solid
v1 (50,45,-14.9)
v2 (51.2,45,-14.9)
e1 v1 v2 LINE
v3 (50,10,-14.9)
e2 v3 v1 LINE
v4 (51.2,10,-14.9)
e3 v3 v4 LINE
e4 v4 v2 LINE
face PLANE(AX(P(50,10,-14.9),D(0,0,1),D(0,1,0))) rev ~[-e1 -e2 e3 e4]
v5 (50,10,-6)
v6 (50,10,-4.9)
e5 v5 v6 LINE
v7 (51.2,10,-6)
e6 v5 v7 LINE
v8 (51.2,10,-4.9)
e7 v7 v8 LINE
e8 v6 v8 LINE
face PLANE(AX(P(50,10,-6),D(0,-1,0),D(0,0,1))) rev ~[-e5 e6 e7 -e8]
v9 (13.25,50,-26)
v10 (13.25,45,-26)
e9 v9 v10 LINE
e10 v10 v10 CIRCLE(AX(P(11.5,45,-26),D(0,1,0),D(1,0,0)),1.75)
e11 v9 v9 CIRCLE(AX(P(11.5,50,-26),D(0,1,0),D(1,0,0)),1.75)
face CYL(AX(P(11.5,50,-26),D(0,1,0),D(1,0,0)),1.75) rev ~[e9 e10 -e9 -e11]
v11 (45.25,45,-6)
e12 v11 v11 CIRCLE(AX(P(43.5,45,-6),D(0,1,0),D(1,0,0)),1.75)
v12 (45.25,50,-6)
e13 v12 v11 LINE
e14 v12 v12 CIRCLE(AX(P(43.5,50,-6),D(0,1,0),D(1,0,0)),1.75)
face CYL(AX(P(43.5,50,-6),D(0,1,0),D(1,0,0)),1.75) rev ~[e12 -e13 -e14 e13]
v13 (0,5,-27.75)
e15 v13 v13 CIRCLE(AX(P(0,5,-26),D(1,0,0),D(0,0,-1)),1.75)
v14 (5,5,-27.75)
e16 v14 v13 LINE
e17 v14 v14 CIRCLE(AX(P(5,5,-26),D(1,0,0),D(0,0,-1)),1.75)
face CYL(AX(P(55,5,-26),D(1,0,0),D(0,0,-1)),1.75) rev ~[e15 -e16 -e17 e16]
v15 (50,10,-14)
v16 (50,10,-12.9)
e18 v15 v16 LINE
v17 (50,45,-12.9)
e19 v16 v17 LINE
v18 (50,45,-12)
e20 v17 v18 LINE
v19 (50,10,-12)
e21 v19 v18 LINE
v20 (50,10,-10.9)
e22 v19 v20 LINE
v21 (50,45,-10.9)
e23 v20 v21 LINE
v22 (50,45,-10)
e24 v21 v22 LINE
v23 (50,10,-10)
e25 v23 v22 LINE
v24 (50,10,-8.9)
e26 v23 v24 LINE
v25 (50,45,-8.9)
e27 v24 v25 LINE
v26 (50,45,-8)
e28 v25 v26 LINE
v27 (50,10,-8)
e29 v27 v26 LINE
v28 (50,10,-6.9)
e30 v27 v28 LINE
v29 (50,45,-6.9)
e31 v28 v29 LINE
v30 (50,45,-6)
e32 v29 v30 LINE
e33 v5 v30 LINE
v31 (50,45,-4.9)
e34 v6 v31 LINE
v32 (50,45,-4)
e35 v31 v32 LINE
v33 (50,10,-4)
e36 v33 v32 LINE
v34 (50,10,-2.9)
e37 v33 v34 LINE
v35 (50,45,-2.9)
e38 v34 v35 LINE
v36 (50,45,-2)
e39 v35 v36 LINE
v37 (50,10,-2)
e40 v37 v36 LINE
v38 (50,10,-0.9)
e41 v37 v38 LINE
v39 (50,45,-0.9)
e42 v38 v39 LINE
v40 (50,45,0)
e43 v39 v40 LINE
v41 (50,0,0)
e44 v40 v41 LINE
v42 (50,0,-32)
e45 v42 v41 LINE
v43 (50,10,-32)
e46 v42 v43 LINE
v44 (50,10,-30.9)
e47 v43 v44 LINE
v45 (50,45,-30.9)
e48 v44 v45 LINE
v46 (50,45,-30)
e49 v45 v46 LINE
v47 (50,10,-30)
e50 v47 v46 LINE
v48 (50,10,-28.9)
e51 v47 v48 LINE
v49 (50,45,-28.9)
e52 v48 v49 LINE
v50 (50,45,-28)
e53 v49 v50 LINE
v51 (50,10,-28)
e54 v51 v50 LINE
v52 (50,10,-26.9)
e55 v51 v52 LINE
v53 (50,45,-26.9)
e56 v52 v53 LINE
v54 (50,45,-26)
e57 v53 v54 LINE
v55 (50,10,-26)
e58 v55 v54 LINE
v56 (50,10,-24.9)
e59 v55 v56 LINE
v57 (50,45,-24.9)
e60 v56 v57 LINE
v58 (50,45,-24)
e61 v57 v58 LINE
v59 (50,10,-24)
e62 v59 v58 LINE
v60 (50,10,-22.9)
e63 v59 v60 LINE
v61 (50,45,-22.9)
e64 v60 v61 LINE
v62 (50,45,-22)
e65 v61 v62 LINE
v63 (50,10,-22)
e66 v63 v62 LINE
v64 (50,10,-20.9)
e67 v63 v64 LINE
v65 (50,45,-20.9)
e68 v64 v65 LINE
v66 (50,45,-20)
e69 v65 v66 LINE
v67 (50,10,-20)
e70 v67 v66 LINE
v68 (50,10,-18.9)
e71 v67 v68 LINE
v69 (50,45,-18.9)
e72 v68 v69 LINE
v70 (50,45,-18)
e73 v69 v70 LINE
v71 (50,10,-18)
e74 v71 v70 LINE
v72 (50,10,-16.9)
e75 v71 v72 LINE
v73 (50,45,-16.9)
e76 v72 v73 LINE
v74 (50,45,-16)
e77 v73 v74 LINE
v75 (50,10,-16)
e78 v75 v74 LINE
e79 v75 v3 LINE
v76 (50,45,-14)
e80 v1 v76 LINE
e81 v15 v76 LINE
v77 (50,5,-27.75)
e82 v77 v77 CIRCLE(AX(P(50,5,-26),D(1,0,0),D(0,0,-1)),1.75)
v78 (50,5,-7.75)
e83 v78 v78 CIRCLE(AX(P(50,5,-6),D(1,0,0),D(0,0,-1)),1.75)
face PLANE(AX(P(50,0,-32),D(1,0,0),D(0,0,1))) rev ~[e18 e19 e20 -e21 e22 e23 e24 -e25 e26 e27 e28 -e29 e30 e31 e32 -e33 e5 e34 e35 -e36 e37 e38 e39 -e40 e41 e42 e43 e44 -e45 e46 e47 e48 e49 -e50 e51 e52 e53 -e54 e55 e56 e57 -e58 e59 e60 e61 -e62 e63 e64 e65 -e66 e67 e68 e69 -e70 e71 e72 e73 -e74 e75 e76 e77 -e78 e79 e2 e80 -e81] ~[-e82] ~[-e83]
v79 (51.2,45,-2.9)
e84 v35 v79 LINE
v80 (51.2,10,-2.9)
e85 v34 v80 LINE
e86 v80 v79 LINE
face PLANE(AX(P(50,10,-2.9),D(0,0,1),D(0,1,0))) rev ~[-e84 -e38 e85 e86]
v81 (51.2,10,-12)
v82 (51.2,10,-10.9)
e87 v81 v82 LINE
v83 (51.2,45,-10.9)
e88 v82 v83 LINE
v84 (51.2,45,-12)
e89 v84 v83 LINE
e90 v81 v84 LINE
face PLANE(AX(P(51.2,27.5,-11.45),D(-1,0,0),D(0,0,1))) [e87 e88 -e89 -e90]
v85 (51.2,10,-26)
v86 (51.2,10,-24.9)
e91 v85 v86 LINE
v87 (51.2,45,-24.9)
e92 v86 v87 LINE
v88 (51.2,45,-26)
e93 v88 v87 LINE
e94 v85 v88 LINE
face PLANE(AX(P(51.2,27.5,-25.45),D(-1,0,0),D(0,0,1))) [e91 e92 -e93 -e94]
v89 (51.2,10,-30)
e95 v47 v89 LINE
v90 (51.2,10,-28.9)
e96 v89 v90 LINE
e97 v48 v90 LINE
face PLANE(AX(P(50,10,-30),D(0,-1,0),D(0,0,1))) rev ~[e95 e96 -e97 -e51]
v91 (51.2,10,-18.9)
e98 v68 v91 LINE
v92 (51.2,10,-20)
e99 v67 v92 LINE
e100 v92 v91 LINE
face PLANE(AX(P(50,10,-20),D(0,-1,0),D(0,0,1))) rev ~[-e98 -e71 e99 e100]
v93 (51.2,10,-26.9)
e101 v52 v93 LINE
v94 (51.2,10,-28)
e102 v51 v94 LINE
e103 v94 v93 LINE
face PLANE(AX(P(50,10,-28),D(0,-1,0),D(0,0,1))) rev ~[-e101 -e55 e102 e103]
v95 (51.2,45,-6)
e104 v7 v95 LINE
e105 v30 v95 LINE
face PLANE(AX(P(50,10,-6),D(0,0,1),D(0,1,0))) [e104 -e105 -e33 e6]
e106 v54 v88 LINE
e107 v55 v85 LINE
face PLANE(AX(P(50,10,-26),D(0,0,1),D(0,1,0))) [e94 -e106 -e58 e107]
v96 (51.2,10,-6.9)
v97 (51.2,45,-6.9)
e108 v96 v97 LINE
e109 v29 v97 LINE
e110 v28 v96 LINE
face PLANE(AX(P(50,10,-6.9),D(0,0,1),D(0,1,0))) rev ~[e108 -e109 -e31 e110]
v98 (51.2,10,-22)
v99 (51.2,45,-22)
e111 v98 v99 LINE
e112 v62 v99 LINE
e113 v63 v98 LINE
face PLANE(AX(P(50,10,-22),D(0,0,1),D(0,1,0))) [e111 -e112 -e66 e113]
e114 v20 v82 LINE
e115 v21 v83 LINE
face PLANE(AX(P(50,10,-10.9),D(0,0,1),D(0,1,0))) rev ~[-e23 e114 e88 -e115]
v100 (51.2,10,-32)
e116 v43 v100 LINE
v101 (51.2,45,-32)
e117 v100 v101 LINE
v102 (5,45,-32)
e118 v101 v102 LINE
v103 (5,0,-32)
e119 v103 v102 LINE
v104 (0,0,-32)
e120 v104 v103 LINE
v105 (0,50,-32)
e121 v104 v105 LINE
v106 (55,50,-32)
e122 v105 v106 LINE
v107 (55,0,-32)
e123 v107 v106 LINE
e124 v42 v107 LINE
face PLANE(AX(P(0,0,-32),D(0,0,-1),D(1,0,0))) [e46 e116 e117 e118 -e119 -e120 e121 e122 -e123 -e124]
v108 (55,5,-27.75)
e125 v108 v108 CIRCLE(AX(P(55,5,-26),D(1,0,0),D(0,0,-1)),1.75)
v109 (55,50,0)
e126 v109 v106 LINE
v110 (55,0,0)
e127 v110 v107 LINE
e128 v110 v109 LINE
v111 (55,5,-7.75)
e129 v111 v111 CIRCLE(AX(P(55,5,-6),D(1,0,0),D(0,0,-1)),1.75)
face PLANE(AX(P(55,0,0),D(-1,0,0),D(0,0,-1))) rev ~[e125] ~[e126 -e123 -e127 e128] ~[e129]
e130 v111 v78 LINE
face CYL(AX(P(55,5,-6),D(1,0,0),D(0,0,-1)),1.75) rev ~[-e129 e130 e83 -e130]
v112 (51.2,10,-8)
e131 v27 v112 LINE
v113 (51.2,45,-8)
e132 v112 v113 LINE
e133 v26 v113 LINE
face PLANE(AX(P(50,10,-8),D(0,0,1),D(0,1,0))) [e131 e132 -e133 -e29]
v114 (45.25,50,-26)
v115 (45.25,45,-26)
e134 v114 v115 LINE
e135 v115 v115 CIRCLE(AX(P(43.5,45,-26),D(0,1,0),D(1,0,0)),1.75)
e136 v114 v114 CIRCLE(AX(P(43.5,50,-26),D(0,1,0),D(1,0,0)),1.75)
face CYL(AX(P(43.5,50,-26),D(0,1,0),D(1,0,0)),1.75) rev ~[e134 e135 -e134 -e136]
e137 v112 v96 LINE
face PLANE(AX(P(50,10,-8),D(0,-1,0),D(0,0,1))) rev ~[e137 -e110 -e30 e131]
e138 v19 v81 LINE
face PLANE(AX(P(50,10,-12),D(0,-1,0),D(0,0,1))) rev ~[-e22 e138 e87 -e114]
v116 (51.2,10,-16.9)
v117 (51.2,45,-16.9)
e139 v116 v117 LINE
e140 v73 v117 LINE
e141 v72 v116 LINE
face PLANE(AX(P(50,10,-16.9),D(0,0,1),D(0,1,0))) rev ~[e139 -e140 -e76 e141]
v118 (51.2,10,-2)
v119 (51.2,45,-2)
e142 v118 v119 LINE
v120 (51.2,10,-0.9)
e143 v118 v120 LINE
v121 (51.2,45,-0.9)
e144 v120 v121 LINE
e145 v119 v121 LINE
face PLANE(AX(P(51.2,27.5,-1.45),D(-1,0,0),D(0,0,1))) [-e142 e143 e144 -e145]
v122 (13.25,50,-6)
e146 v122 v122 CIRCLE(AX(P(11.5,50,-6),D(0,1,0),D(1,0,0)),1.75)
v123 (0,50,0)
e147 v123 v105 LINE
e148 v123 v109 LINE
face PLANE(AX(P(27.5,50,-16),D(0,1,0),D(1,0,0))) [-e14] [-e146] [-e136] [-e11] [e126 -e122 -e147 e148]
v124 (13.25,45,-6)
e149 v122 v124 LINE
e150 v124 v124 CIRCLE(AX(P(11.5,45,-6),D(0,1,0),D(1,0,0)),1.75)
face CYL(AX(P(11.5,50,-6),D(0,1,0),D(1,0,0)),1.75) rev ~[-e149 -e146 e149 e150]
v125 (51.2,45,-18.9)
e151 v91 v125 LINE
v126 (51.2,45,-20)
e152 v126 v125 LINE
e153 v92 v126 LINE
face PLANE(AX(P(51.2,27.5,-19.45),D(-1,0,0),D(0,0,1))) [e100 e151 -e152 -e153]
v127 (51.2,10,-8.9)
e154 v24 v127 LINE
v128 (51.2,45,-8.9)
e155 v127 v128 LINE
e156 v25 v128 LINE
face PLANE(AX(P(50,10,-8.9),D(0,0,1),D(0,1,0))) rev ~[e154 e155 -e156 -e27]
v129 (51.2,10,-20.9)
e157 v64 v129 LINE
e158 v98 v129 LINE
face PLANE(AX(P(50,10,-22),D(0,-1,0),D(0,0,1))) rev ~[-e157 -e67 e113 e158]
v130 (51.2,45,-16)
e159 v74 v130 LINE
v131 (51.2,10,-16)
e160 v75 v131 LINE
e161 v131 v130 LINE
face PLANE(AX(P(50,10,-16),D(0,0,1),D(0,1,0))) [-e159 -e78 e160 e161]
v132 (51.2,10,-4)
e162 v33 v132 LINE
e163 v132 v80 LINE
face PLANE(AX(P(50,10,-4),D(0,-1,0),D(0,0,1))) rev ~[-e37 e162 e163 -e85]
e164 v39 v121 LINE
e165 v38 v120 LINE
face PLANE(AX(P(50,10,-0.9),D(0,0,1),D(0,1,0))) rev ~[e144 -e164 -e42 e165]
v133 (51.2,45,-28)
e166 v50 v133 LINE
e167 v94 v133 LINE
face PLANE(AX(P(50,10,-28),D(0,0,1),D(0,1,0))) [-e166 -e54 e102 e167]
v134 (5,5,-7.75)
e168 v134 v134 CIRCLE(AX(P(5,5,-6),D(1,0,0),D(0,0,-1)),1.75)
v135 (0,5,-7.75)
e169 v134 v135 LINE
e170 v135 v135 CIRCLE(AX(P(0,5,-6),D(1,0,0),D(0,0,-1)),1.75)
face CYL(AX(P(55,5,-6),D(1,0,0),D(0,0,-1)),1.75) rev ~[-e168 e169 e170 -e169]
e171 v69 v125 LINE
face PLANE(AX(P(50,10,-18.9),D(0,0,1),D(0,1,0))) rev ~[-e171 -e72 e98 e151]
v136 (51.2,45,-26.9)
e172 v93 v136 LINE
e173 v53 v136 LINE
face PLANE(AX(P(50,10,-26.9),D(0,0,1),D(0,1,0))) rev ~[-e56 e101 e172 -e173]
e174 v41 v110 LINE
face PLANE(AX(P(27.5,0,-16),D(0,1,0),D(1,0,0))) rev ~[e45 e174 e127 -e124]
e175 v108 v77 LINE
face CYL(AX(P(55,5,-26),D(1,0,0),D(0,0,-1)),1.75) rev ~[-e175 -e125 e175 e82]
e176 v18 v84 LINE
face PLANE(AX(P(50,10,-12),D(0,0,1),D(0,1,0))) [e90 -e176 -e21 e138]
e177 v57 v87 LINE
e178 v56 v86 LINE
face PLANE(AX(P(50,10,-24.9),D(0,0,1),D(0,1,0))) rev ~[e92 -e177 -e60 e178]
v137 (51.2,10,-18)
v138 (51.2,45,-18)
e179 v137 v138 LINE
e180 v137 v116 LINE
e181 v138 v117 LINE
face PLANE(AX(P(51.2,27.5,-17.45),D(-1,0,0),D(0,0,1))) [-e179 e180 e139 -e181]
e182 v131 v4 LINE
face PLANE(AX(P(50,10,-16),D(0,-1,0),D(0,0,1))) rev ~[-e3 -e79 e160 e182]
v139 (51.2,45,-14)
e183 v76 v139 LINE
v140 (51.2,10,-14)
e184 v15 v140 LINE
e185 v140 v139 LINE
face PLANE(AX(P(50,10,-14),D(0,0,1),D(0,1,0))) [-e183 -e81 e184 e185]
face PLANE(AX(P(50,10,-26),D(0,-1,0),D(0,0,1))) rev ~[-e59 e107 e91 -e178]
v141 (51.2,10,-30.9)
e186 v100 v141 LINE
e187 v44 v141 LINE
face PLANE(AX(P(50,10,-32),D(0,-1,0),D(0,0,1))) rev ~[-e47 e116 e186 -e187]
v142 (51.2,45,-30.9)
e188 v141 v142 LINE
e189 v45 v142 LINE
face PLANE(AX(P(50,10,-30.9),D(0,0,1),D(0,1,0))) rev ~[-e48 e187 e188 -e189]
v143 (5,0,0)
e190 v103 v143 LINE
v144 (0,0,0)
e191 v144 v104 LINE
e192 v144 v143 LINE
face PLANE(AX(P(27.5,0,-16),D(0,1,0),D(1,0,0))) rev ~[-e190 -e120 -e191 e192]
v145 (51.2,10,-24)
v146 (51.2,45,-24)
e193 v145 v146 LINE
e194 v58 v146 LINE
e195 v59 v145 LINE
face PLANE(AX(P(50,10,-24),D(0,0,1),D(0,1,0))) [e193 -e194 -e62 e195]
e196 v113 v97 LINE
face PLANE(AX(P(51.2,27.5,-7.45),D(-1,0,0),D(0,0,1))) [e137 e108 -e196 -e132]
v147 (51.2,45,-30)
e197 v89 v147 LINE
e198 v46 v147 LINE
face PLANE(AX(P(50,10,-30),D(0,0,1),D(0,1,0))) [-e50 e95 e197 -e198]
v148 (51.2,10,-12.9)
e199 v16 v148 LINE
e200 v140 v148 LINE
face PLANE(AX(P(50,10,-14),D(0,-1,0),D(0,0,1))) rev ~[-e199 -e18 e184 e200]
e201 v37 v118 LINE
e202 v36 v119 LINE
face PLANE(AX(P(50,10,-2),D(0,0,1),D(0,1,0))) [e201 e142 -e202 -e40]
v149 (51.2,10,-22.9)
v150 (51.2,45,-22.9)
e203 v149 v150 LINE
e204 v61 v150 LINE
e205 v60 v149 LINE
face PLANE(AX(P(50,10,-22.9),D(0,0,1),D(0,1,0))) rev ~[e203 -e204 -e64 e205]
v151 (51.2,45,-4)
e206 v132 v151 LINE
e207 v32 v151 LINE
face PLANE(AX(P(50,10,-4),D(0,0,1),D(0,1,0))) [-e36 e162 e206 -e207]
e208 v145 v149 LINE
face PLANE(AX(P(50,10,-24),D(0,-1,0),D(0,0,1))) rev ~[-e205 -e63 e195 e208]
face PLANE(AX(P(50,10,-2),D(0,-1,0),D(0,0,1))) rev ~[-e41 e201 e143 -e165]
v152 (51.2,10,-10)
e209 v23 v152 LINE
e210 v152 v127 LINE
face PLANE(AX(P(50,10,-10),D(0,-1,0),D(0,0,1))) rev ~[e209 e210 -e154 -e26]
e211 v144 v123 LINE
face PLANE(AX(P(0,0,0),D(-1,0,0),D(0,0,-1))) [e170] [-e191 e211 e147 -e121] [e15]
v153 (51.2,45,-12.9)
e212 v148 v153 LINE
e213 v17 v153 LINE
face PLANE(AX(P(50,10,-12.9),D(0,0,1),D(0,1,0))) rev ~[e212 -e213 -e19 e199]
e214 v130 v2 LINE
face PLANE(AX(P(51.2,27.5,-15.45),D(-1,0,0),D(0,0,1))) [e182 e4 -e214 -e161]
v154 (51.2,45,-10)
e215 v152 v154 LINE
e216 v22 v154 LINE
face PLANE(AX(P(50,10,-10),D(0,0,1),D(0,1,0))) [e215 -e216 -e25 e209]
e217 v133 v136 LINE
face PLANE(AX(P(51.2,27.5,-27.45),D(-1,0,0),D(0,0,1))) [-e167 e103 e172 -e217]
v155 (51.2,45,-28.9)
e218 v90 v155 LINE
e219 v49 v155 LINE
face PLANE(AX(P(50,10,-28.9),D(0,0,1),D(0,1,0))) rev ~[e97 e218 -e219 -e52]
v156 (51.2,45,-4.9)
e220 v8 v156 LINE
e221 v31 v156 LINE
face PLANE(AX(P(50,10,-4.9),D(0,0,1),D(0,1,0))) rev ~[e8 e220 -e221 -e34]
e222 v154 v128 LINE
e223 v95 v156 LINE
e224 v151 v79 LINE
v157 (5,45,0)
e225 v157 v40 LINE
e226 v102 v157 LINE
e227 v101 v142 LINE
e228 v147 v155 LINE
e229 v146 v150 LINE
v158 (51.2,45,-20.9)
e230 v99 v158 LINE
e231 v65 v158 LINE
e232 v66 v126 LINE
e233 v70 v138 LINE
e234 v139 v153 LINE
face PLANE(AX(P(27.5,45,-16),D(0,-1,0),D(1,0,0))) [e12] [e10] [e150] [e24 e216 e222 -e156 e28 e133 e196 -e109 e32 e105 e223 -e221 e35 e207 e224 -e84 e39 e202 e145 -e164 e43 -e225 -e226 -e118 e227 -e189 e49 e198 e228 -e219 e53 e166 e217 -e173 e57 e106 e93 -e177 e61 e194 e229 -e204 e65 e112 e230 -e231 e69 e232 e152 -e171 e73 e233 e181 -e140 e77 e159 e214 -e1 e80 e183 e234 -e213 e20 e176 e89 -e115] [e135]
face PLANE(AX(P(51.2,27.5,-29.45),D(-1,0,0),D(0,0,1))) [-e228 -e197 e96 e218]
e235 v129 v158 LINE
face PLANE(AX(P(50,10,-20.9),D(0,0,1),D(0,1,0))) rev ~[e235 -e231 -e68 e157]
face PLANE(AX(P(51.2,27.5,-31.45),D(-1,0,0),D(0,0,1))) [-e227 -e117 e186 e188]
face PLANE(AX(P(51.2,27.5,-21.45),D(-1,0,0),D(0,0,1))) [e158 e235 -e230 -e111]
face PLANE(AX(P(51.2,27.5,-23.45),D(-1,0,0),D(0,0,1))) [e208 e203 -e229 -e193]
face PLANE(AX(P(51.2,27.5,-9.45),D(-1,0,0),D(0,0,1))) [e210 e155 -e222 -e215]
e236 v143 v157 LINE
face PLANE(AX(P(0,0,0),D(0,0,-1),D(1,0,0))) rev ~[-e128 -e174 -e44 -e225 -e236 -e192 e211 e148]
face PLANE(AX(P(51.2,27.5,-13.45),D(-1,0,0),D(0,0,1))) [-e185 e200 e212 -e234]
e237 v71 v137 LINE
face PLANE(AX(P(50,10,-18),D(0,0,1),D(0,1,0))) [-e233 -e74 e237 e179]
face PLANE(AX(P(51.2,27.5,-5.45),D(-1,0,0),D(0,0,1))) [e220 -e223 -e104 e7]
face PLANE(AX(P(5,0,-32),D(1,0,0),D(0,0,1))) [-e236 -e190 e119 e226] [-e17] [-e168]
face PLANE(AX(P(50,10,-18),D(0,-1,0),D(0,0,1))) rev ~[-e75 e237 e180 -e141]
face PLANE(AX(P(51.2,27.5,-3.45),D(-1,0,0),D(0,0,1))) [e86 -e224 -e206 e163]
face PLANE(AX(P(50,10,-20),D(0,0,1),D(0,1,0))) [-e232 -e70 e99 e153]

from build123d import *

# Parameters (mm, degrees)
SKETCH1_W           = 55
SKETCH1_H           = 32
BOSS_EXTRUDE1_DEPTH = 50
SKETCH2_W           = 45
SKETCH2_H           = 32
CUT_EXTRUDE1_DEPTH  = 45
SKETCH3_R           = 1.75
CUT_EXTRUDE2_DEPTH  = 51
SKETCH4_R           = 1.75
CUT_EXTRUDE3_DEPTH  = 56
SKETCH5_W           = 1.1
SKETCH5_H           = 35
CUT_EXTRUDE4_DEPTH  = 1.2


with BuildPart() as part:
    # Sketch1 → Boss-Extrude1 (new body)
    with BuildSketch(Plane(origin=(0, 0, 0), x_dir=(1, 0, 0), z_dir=(0, 1, 0))):
        with Locations((27.5, 16)):
            Rectangle(SKETCH1_W, SKETCH1_H)
    extrude(amount=BOSS_EXTRUDE1_DEPTH)

    # Sketch2 → Cut-Extrude1 (cut)
    with BuildSketch(Plane.XZ):
        with Locations((27.5, -16)):
            Rectangle(SKETCH2_W, SKETCH2_H)
    extrude(amount=-CUT_EXTRUDE1_DEPTH, mode=Mode.SUBTRACT)

    # Sketch3 → Cut-Extrude2 (cut, through all)
    with BuildSketch(Plane(origin=(0, 50, 0), x_dir=(1, 0, 0), z_dir=(0, 1, 0))):
        with Locations((43.5, 26)):
            Circle(SKETCH3_R)
        with Locations((43.5, 6)):
            Circle(SKETCH3_R)
        with Locations((11.5, 26)):
            Circle(SKETCH3_R)
        with Locations((11.5, 6)):
            Circle(SKETCH3_R)
    extrude(amount=-CUT_EXTRUDE2_DEPTH, mode=Mode.SUBTRACT)

    # Sketch4 → Cut-Extrude3 (cut, through all)
    with BuildSketch(Plane(origin=(55, 0, 0), x_dir=(0, 0, -1), z_dir=(1, 0, 0))):
        with Locations((6, 5)):
            Circle(SKETCH4_R)
        with Locations((26, 5)):
            Circle(SKETCH4_R)
    extrude(amount=-CUT_EXTRUDE3_DEPTH, mode=Mode.SUBTRACT)

    # Sketch5 → Cut-Extrude4 (cut)
    with BuildSketch(Plane.ZY.offset(-50)):
        with Locations((-29.45, 27.5)):
            Rectangle(SKETCH5_W, SKETCH5_H)
        with Locations((-31.45, 27.5)):
            Rectangle(SKETCH5_W, SKETCH5_H)
        with Locations((-27.45, 27.5)):
            Rectangle(SKETCH5_W, SKETCH5_H)
        with Locations((-25.45, 27.5)):
            Rectangle(SKETCH5_W, SKETCH5_H)
        with Locations((-23.45, 27.5)):
            Rectangle(SKETCH5_W, SKETCH5_H)
        with Locations((-21.45, 27.5)):
            Rectangle(SKETCH5_W, SKETCH5_H)
        with Locations((-19.45, 27.5)):
            Rectangle(SKETCH5_W, SKETCH5_H)
        with Locations((-17.45, 27.5)):
            Rectangle(SKETCH5_W, SKETCH5_H)
        with Locations((-15.45, 27.5)):
            Rectangle(SKETCH5_W, SKETCH5_H)
        with Locations((-13.45, 27.5)):
            Rectangle(SKETCH5_W, SKETCH5_H)
        with Locations((-11.45, 27.5)):
            Rectangle(SKETCH5_W, SKETCH5_H)
        with Locations((-9.45, 27.5)):
            Rectangle(SKETCH5_W, SKETCH5_H)
        with Locations((-7.45, 27.5)):
            Rectangle(SKETCH5_W, SKETCH5_H)
        with Locations((-5.45, 27.5)):
            Rectangle(SKETCH5_W, SKETCH5_H)
        with Locations((-3.45, 27.5)):
            Rectangle(SKETCH5_W, SKETCH5_H)
        with Locations((-1.45, 27.5)):
            Rectangle(SKETCH5_W, SKETCH5_H)
        with Locations((0.55, 27.5)):
            Rectangle(SKETCH5_W, SKETCH5_H)
    extrude(amount=-CUT_EXTRUDE4_DEPTH, mode=Mode.SUBTRACT)


solid = part.part
